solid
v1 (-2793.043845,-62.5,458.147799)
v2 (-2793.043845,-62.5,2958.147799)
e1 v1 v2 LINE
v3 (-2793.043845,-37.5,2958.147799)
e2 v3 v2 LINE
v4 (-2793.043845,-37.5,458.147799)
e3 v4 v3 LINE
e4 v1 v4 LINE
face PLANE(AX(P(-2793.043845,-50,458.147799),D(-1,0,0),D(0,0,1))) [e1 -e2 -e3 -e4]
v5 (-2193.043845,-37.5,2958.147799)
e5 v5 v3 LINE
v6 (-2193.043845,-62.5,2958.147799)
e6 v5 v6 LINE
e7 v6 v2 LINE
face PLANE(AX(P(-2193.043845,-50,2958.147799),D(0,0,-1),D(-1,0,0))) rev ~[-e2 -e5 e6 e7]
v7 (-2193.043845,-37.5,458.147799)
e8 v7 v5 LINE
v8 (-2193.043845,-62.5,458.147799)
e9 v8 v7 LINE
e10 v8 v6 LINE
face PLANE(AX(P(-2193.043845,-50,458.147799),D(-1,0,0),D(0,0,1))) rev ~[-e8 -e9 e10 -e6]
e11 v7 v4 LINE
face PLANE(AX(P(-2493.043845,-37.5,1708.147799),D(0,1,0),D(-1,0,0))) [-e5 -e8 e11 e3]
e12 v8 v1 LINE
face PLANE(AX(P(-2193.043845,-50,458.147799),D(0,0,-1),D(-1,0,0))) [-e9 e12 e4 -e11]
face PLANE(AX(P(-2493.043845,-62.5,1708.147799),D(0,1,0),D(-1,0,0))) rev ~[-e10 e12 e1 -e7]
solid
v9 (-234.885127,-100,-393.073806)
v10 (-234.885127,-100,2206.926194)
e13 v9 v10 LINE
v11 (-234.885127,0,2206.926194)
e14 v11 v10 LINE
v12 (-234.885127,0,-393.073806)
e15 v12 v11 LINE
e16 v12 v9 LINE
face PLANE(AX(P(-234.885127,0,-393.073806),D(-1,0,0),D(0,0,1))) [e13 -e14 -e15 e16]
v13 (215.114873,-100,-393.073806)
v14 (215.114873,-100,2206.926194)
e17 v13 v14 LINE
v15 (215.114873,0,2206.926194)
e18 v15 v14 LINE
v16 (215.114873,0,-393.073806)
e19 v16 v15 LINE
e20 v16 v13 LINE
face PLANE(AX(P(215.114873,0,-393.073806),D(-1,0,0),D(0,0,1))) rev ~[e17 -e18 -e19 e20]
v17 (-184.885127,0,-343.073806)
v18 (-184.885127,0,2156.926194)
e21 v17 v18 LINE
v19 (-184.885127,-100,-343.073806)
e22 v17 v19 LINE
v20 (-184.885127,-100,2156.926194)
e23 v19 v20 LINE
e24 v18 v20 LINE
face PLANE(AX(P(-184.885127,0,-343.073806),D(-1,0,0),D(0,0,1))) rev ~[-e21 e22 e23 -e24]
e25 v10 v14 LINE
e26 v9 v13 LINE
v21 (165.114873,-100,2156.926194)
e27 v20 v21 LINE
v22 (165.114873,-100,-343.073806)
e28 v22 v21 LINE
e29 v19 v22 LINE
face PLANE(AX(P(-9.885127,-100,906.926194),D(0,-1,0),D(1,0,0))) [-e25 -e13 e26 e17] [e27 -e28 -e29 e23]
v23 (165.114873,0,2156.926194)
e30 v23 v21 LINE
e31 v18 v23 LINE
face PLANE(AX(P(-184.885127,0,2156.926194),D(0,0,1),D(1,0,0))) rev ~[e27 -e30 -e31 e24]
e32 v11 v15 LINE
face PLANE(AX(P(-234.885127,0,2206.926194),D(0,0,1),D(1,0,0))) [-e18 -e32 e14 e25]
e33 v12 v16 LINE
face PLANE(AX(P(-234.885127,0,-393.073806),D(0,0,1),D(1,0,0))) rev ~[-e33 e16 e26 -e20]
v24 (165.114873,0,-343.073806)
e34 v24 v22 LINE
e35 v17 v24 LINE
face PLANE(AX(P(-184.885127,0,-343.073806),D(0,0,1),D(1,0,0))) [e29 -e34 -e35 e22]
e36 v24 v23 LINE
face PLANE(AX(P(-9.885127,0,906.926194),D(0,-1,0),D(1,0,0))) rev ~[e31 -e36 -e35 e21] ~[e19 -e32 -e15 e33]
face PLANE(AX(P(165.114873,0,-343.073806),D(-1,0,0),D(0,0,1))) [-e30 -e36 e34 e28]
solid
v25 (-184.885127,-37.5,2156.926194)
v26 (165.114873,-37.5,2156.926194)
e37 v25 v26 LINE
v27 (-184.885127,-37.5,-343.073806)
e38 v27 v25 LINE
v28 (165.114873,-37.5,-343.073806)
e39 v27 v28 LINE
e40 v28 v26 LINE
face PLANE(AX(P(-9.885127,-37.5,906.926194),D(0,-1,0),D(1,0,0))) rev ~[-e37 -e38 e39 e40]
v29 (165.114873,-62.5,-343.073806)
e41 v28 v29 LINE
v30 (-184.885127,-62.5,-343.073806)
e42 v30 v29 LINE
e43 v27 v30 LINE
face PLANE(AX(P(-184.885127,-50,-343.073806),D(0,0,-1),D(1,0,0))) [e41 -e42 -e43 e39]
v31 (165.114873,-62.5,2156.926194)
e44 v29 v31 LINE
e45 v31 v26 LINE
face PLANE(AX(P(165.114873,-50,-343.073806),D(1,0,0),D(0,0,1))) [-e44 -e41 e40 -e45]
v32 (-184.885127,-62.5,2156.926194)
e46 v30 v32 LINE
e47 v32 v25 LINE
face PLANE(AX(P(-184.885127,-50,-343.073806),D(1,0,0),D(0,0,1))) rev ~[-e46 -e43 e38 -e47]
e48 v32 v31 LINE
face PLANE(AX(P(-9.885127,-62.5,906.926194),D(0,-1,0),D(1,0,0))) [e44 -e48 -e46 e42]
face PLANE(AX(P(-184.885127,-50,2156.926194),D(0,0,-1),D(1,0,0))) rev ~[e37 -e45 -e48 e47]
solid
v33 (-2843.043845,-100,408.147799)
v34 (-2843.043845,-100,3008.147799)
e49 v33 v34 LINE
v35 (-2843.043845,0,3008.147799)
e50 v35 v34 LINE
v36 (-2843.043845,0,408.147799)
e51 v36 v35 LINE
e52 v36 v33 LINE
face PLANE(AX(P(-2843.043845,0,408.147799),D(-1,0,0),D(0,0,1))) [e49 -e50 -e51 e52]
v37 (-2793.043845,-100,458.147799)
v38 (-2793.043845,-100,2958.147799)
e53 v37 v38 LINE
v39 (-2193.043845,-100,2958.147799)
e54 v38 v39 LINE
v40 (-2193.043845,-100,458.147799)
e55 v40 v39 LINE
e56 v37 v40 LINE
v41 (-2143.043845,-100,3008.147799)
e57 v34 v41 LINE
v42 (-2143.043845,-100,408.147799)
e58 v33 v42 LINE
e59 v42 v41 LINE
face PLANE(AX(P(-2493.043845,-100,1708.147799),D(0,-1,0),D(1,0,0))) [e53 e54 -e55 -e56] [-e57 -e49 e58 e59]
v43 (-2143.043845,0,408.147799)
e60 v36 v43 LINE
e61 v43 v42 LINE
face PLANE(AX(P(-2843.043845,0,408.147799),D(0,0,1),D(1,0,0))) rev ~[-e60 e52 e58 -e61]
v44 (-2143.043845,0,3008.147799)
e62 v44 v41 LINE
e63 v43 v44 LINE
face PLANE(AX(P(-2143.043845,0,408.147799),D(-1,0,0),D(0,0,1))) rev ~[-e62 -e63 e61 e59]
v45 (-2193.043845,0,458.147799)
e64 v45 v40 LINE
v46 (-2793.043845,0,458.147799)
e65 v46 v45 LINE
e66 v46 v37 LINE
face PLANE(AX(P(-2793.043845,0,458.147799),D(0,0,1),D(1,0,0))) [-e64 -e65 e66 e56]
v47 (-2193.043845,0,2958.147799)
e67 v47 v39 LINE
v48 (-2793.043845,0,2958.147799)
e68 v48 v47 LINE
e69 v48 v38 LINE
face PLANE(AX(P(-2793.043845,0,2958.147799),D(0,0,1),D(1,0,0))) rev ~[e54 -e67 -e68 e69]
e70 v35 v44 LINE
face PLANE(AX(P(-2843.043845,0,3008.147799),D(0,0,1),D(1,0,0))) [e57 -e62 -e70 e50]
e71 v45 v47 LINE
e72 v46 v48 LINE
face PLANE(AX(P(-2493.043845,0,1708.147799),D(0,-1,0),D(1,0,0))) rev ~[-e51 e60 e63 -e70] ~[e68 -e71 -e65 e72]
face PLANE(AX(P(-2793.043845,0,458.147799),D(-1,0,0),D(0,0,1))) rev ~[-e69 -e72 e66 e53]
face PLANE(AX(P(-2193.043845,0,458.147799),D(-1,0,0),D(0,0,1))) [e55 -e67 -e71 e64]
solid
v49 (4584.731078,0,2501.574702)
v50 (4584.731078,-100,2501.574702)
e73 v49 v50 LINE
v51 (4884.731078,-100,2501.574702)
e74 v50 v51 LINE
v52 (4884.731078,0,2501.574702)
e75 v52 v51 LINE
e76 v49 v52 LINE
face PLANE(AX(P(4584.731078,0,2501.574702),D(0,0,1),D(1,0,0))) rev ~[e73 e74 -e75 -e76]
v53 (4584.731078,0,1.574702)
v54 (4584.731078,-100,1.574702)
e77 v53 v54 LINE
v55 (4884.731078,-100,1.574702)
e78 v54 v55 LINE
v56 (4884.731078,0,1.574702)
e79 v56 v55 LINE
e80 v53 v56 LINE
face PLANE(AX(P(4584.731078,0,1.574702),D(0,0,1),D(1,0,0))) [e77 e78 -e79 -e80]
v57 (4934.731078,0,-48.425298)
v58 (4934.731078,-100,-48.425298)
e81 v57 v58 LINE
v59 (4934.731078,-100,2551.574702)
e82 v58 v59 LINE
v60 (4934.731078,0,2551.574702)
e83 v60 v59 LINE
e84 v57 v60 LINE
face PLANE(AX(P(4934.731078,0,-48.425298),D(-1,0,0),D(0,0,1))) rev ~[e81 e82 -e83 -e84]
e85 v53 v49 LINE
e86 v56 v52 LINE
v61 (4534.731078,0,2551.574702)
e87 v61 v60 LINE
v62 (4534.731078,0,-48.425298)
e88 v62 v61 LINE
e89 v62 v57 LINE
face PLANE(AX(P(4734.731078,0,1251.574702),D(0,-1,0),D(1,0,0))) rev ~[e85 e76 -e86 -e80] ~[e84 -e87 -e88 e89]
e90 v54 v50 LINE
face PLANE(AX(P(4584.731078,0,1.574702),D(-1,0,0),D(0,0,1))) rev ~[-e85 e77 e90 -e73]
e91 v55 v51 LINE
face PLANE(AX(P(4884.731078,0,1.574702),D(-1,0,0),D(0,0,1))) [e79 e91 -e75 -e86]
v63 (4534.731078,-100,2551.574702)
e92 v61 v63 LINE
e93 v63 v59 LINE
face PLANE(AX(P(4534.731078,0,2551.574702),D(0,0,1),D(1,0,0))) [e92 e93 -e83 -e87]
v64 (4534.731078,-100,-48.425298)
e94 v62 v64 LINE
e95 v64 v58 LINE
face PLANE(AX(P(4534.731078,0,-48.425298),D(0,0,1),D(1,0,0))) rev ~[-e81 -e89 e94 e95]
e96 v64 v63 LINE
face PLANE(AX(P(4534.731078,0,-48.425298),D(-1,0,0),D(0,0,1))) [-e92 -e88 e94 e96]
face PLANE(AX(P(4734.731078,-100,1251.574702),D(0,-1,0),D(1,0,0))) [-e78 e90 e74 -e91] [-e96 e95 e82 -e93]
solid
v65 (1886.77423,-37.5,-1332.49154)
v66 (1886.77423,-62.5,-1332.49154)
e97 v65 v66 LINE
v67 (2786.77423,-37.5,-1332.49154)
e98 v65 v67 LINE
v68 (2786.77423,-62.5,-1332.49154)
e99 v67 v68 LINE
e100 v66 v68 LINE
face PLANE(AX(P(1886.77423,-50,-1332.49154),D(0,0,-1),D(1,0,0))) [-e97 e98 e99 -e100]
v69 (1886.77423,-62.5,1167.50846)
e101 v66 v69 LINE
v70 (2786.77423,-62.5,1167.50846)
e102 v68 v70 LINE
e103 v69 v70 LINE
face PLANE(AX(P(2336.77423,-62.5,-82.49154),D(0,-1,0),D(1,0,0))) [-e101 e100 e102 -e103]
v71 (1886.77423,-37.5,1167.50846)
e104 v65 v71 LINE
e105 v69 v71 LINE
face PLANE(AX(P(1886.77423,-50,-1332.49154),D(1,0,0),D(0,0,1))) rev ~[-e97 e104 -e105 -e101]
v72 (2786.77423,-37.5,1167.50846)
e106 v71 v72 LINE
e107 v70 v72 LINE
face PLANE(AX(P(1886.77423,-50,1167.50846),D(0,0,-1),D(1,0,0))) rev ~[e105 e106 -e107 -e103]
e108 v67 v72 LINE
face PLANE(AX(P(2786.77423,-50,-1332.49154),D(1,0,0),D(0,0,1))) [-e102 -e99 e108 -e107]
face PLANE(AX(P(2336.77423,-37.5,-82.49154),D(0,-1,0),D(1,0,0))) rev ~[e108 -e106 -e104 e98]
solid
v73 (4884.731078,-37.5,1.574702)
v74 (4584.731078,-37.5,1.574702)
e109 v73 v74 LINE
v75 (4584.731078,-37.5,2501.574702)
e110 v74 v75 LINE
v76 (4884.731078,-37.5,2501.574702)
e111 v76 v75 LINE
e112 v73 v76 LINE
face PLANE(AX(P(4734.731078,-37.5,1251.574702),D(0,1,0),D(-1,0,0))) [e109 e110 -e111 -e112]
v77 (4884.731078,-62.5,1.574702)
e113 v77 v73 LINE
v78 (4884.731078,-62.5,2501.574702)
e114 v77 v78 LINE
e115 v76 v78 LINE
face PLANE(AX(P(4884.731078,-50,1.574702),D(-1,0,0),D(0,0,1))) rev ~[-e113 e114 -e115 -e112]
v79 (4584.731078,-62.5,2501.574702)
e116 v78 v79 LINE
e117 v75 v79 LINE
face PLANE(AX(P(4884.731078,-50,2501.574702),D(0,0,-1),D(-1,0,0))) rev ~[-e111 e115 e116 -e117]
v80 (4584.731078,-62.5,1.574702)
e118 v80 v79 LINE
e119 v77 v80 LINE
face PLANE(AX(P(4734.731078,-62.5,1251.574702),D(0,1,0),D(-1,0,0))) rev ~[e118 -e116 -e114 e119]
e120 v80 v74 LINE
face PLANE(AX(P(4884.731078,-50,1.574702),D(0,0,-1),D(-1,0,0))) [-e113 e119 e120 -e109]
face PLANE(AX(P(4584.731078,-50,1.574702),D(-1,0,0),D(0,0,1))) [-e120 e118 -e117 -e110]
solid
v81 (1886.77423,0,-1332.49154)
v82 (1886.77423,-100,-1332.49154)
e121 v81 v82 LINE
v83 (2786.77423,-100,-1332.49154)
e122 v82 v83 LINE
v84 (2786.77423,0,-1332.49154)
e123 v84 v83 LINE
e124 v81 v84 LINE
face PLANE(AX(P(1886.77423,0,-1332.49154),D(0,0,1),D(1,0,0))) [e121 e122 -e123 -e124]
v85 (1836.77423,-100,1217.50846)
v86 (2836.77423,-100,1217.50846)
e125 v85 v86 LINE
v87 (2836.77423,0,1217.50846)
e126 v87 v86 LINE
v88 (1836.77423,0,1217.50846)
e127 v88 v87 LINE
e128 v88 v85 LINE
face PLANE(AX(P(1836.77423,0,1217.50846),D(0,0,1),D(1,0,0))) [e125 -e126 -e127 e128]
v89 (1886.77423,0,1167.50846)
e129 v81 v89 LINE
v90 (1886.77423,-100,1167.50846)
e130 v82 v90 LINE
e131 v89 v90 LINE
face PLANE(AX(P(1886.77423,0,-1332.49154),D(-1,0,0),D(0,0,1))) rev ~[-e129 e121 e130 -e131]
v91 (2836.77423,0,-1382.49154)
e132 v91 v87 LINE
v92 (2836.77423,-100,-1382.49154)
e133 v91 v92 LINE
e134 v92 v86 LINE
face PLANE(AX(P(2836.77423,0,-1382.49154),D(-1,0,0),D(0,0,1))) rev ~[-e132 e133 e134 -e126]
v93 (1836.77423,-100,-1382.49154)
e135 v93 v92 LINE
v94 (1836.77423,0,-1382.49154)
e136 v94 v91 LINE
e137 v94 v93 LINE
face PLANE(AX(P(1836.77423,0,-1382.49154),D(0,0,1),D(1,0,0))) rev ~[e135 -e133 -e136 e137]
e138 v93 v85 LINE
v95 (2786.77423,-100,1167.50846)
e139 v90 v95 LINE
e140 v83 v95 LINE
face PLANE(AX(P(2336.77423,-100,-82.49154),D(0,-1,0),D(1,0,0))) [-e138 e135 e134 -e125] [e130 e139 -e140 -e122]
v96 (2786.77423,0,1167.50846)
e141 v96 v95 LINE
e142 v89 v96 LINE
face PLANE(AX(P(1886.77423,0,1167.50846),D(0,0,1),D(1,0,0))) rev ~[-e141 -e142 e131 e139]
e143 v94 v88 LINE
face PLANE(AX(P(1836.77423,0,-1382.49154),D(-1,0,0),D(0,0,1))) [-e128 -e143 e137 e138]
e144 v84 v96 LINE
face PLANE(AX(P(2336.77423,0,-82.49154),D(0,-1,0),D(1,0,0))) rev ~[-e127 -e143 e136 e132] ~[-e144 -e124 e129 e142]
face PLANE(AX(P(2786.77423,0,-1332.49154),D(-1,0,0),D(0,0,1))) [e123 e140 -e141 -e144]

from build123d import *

# Parameters (mm, degrees)
F0_W      = 450
F0_H      = 2600
F0_W_2    = 350
F0_H_2    = 2500
F1_DEPTH  = 100
F3_W      = 350
F3_H      = 2500
F4_DEPTH  = 12.5
F5_W      = 700
F5_H      = 2600
F5_W_2    = 600
F5_H_2    = 2500
F6_DEPTH  = 100
F8_W      = 600
F8_H      = 2500
F9_DEPTH  = 12.5
F10_W     = 400
F10_H     = 2600
F10_W_2   = 300
F10_H_2   = 2500
F11_DEPTH = 100
F13_W     = 300
F13_H     = 2500
F14_DEPTH = 12.5
F15_W     = 1000
F15_H     = 2600
F15_W_2   = 900
F15_H_2   = 2500
F16_DEPTH = 100
F18_W     = 900
F18_H     = 2500
F19_DEPTH = 12.5


with BuildPart() as f1:
    # F0 (on Front) → F1 (new body)
    with BuildSketch(Plane.XZ):
        with Locations((-9.8851267248, 906.9261944562)):
            Rectangle(F0_W, F0_H)
        with Locations((-9.8851267248, 906.9261944562)):
            Rectangle(F0_W_2, F0_H_2, mode=Mode.SUBTRACT)
    extrude(amount=F1_DEPTH)


with BuildPart() as f4:
    # F3 (on mid) → F4 (new body, symmetric)
    with BuildSketch(Plane.XZ.offset(50)):
        with Locations((-9.8851267248, 906.9261944562)):
            Rectangle(F3_W, F3_H)
    extrude(amount=F4_DEPTH, both=True)


with BuildPart() as f6:
    # F5 (on Front) → F6 (new body)
    with BuildSketch(Plane.XZ):
        with Locations((-2493.0438446999, 1708.1477986987)):
            Rectangle(F5_W, F5_H)
        with Locations((-2493.0438446999, 1708.1477986987)):
            Rectangle(F5_W_2, F5_H_2, mode=Mode.SUBTRACT)
    extrude(amount=F6_DEPTH)


with BuildPart() as f9:
    # F8 (on mid) → F9 (new body, symmetric)
    with BuildSketch(Plane(origin=(0, -50, 0), x_dir=(-1, 0, 0), z_dir=(0, 1, 0))):
        with Locations((2493.0438446999, 1708.1477986987)):
            Rectangle(F8_W, F8_H)
    extrude(amount=F9_DEPTH, both=True)


with BuildPart() as f11:
    # F10 (on Front) → F11 (new body)
    with BuildSketch(Plane.XZ):
        with Locations((4734.7310781479, 1251.5747024048)):
            Rectangle(F10_W, F10_H)
        with Locations((4734.7310781479, 1251.5747024048)):
            Rectangle(F10_W_2, F10_H_2, mode=Mode.SUBTRACT)
    extrude(amount=F11_DEPTH)


with BuildPart() as f14:
    # F13 (on mid) → F14 (new body, symmetric)
    with BuildSketch(Plane(origin=(0, -50, 0), x_dir=(-1, 0, 0), z_dir=(0, 1, 0))):
        with Locations((-4734.7310781479, 1251.5747024048)):
            Rectangle(F13_W, F13_H)
    extrude(amount=F14_DEPTH, both=True)


with BuildPart() as f16:
    # F15 (on Front) → F16 (new body)
    with BuildSketch(Plane.XZ):
        with Locations((2336.7742300034, -82.4915404867)):
            Rectangle(F15_W, F15_H)
        with Locations((2336.7742300034, -82.4915404867)):
            Rectangle(F15_W_2, F15_H_2, mode=Mode.SUBTRACT)
    extrude(amount=F16_DEPTH)


with BuildPart() as f19:
    # F18 (on mid) → F19 (new body, symmetric)
    with BuildSketch(Plane.XZ.offset(50)):
        with Locations((2336.7742300034, -82.4915404867)):
            Rectangle(F18_W, F18_H)
    extrude(amount=F19_DEPTH, both=True)


solid = Compound([f1.part, f4.part, f6.part, f9.part, f11.part, f14.part, f16.part, f19.part])
